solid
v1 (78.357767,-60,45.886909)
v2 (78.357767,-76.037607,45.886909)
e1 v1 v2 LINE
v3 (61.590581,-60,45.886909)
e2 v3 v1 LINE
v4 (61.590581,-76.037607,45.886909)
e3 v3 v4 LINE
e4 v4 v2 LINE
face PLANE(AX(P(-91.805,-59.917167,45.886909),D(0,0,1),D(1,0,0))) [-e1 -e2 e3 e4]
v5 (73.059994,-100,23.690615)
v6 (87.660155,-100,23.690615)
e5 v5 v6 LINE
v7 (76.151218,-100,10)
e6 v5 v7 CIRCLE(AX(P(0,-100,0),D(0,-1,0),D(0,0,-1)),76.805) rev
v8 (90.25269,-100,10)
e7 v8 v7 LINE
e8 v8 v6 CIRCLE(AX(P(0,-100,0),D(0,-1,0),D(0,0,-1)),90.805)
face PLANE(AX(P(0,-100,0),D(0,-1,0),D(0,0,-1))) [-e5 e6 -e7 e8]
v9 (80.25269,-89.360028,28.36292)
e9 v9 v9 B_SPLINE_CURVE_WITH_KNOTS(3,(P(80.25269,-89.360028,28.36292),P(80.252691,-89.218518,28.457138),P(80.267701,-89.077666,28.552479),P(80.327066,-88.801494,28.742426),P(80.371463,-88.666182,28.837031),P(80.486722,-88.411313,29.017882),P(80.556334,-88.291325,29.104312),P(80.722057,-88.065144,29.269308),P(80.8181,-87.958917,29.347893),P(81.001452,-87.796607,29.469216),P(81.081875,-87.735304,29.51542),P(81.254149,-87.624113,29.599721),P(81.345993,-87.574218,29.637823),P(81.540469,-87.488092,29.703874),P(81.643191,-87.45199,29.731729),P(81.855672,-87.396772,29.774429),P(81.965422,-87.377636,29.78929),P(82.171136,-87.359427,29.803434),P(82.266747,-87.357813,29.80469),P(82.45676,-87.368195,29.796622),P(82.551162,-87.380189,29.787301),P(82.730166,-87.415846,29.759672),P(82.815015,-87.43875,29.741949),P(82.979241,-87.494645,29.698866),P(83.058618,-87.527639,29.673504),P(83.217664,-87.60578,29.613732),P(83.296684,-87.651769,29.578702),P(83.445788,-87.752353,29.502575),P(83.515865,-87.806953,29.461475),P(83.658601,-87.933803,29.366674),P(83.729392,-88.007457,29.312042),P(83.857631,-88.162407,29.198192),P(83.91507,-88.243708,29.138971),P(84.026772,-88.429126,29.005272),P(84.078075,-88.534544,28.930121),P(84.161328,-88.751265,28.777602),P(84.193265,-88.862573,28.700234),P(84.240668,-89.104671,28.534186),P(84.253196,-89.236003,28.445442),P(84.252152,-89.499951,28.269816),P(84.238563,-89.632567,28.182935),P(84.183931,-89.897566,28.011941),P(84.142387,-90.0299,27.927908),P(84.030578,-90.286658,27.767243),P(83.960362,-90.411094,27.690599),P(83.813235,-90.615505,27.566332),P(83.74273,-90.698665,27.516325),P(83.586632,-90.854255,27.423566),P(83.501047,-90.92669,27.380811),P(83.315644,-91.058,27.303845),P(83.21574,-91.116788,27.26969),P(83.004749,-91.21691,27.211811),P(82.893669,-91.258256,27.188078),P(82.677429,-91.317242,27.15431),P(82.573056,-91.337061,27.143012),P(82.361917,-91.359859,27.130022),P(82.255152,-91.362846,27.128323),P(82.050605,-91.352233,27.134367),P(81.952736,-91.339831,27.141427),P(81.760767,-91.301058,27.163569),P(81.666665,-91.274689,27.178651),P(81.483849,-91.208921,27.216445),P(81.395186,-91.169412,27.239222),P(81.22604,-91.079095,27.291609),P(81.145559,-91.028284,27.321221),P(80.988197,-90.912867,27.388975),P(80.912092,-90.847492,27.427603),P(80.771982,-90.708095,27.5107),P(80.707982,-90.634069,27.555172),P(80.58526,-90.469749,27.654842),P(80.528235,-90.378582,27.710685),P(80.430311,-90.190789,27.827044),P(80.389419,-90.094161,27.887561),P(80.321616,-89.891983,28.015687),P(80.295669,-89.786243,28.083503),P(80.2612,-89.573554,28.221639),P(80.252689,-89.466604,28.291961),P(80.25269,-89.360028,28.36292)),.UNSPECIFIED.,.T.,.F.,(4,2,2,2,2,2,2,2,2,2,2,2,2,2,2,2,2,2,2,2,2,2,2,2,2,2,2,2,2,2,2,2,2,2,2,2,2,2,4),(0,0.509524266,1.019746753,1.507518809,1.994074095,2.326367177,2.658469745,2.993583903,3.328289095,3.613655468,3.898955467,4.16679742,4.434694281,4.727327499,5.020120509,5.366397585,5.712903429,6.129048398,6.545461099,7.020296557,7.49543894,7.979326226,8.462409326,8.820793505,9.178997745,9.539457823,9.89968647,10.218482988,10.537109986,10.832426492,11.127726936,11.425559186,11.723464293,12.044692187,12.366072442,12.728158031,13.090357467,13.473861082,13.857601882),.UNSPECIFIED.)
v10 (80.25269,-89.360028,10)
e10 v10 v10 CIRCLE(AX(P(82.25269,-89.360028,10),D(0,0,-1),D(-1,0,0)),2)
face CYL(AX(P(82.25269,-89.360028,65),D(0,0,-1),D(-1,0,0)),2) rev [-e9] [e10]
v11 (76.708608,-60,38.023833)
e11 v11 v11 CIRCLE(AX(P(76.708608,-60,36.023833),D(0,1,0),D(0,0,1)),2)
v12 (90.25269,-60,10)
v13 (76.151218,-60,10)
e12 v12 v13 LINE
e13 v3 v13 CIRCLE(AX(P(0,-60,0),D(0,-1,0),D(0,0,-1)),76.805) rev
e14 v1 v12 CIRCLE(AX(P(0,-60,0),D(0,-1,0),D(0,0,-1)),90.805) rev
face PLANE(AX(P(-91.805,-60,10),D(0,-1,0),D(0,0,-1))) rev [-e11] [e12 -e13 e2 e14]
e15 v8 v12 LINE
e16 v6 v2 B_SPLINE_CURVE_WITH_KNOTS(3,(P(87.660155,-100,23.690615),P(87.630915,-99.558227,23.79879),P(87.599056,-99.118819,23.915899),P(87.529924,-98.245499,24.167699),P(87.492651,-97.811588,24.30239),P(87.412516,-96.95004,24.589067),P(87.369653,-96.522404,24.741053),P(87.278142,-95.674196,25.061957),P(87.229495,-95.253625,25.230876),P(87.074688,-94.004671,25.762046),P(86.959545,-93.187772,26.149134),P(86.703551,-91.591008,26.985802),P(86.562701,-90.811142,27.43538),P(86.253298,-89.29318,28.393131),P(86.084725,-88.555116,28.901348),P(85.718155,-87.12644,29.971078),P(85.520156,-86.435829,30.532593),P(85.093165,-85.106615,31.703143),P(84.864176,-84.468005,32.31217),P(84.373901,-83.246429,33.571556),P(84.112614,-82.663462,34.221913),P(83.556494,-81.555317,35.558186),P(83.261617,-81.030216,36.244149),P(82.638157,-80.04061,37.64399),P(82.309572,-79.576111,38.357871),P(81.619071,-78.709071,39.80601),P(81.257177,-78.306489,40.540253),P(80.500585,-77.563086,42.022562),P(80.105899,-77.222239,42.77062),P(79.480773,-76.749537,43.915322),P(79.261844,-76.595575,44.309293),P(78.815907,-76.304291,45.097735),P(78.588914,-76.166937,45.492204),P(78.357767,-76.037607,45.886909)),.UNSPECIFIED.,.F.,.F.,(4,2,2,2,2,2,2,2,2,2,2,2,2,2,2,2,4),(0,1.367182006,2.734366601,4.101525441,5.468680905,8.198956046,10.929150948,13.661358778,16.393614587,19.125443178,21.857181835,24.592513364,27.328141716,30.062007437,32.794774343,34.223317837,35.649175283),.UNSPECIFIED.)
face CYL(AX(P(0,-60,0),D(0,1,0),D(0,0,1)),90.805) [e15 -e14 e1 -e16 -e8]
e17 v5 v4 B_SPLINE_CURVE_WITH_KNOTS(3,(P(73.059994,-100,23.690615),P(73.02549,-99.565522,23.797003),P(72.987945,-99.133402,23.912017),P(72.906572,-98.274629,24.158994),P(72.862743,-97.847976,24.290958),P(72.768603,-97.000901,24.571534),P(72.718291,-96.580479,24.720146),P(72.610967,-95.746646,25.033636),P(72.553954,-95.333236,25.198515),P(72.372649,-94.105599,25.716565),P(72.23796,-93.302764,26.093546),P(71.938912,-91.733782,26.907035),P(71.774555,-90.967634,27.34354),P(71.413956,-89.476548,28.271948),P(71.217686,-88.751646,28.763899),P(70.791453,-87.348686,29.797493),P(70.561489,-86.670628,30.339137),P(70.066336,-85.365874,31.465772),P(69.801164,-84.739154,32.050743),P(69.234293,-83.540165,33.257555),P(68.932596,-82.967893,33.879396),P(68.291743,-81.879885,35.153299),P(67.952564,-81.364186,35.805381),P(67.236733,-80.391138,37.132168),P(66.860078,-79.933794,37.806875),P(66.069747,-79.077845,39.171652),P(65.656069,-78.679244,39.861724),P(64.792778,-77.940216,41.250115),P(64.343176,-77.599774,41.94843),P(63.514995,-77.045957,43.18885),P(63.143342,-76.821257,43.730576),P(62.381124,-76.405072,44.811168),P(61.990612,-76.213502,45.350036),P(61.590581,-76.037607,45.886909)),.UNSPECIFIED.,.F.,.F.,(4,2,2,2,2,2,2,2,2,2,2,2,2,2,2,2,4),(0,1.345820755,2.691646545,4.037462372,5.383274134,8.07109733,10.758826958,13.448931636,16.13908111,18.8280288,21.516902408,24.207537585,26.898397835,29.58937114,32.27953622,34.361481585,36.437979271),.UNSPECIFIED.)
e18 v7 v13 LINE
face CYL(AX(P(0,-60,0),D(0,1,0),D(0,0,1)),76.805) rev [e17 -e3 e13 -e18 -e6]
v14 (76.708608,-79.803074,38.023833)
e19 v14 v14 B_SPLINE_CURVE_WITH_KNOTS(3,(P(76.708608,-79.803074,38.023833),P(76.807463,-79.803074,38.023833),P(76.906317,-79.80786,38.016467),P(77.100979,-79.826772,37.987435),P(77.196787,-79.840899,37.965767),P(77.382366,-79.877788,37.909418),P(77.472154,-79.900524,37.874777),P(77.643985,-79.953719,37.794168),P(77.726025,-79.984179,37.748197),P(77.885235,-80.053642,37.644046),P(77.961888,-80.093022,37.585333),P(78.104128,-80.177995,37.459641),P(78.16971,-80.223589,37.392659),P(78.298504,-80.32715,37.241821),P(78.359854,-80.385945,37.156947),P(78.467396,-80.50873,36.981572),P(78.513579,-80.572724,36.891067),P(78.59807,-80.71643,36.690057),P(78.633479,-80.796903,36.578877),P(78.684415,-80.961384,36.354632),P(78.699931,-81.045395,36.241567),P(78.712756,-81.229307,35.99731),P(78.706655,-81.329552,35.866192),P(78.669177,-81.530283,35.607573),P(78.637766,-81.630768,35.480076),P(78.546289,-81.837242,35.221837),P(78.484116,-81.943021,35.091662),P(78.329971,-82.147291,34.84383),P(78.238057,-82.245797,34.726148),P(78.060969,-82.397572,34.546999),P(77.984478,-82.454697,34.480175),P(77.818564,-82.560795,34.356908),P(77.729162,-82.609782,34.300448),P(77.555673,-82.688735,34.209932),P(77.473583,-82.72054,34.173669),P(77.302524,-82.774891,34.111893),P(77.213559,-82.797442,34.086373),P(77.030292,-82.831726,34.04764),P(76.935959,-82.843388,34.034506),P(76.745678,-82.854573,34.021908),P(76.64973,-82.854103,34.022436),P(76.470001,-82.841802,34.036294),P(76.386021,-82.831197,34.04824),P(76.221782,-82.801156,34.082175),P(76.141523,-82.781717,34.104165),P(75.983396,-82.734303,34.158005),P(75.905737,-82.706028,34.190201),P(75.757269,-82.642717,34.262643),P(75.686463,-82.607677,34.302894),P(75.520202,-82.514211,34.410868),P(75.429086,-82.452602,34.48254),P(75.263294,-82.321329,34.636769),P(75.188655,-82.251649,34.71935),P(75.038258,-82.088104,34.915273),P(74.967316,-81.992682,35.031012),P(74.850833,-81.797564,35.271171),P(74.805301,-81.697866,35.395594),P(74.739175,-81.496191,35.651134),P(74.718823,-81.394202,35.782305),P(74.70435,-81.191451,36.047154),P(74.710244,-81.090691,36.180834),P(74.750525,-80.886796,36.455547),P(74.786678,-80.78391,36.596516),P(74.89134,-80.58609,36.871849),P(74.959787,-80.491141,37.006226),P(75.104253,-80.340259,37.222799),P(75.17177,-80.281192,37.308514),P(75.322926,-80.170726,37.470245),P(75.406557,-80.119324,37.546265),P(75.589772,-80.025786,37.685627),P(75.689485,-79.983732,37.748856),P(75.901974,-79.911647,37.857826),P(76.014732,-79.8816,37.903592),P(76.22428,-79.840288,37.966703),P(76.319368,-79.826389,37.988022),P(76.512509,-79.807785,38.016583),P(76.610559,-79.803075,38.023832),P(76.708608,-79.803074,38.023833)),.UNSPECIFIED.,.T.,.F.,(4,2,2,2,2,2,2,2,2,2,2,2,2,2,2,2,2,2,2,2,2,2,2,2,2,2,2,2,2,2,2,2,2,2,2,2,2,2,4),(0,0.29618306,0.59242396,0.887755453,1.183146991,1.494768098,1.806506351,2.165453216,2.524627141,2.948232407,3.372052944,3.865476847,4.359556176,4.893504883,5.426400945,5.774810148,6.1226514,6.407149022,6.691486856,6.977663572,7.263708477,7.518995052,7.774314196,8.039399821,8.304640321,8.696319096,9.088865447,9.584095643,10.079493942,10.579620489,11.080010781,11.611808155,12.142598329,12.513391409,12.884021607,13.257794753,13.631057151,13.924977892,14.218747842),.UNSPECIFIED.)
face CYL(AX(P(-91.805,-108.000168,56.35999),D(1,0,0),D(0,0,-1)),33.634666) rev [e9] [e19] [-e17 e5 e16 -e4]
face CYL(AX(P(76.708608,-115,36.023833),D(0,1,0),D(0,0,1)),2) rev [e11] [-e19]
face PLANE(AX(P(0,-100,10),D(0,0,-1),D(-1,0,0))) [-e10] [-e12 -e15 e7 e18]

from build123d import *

# Parameters (mm, degrees)
BOSS_EXTRUDE1_DEPTH      = 60
SKETCH25_W               = 5.5
SKETCH25_H               = 17
BOSS_EXTRUDE3_DEPTH      = 20
FILLET1_R                = 2.3
SKETCH28_W               = 8
SKETCH28_H               = 10
CUT_EXTRUDE17_DEPTH      = 265
CUT_EXTRUDE19_DEPTH      = 165.638713704
CUT_EXTRUDE19_DEPTH_BACK = 165.638713704
SKETCH30_W               = 183.61
SKETCH30_H               = 30
CUT_EXTRUDE20_DEPTH      = 165.638713704
CUT_EXTRUDE20_DEPTH_BACK = 165.638713704
SKETCH32_W               = 3
SKETCH32_H               = 14
BOSS_EXTRUDE4_DEPTH      = 40
CUT_EXTRUDE21_DEPTH      = 164.320868385
CUT_EXTRUDE21_DEPTH_BACK = 164.320868385
CUT_EXTRUDE22_DEPTH      = 164.320868502
CUT_EXTRUDE22_DEPTH_BACK = 164.320868502
SKETCH40_W               = 31.800896411
SKETCH40_H               = 59.801829262
CUT_EXTRUDE23_DEPTH      = 55
SKETCH41_R               = 2
CUT_EXTRUDE24_DEPTH      = 55
SKETCH42_R               = 2
CUT_EXTRUDE25_DEPTH      = 55


with BuildPart() as part:
    # Sketch1 → Boss-Extrude1 (new body)
    with BuildSketch(Plane(origin=(0, 0, 0), x_dir=(1, 0, 0), z_dir=(0, 1, 0))):
        with BuildLine():
            Line((91.805, -10), (90.252689849, -10))
            ThreePointArc((90.252689849, -10), (0, -90.805), (-90.252689849, -10))
            Line((-90.252689849, -10), (-91.805, -10))
            Line((-91.805, -10), (-91.805, 20))
            Line((-91.805, 20), (-76.805, 20))
            Line((-76.805, 20), (-76.805, 0))
            ThreePointArc((-76.805, 0), (0, -76.805), (76.805, 0))
            Line((76.805, 0), (76.805, 20))
            Line((76.805, 20), (91.805, 20))
            Line((91.805, 20), (91.805, -10))
        make_face()
    extrude(amount=-BOSS_EXTRUDE1_DEPTH)

    # Sketch25 → Boss-Extrude3 (add)
    with BuildSketch(Plane(origin=(0, -60, 0), x_dir=(-1, 0, 0), z_dir=(0, -1, 0))):
        with Locations((84.305, 5)):
            Rectangle(SKETCH25_W, SKETCH25_H)
        with Locations((-84.305, 5)):
            Rectangle(SKETCH25_W, SKETCH25_H)
    extrude(amount=BOSS_EXTRUDE3_DEPTH)

    # Fillet1
    fillet1_edges = [part.edges().sort_by_distance(p)[0] for p in [
        (84.305, -60, 3.5),
        (81.555, -60, -5),
        (87.055, -60, -5),
        (84.305, -60, -13.5),
        (-84.305, -60, 3.5),
        (-87.055, -60, -5),
        (-81.555, -60, -5),
        (-84.305, -60, -13.5),
    ]]
    fillet(fillet1_edges, radius=FILLET1_R)

    # Sketch28 → Cut-Extrude17 (cut)
    with BuildSketch(Plane(origin=(91.805, 0, 0), x_dir=(0, 0, -1), z_dir=(1, 0, 0))):
        with Locations((5, -42)):
            Rectangle(SKETCH28_W, SKETCH28_H)
    extrude(amount=-CUT_EXTRUDE17_DEPTH, mode=Mode.SUBTRACT)

    # Sketch30 → Cut-Extrude19 (cut, two sides: drawn at the far end of the back side and taken through both)
    with BuildSketch(Plane(origin=(0, 0, -20), x_dir=(-1, 0, 0), z_dir=(0, 0, -1)).offset(-CUT_EXTRUDE19_DEPTH_BACK)):
        with Locations((0, -15)):
            Rectangle(SKETCH30_W, SKETCH30_H)
    extrude(amount=CUT_EXTRUDE19_DEPTH + CUT_EXTRUDE19_DEPTH_BACK, mode=Mode.SUBTRACT)

    # Sketch32 → Cut-Extrude20 (cut, two sides: drawn at the far end of the back side and taken through both)
    with BuildSketch(Plane(origin=(0, 0, -20), x_dir=(-1, 0, 0), z_dir=(0, 0, -1)).offset(-CUT_EXTRUDE20_DEPTH_BACK)):
        with Locations((-65.13523483, -44)):
            Rectangle(SKETCH32_W, SKETCH32_H)
        with Locations((-51.773928511, -44)):
            Rectangle(SKETCH32_W, SKETCH32_H)
        with Locations((-84.305, -46)):
            Rectangle(SKETCH32_W, SKETCH32_H)
        with Locations((65.13523483, -44)):
            Rectangle(SKETCH32_W, SKETCH32_H)
        with Locations((51.773928511, -44)):
            Rectangle(SKETCH32_W, SKETCH32_H)
        with Locations((84.305, -46)):
            Rectangle(SKETCH32_W, SKETCH32_H)
    extrude(amount=CUT_EXTRUDE20_DEPTH + CUT_EXTRUDE20_DEPTH_BACK, mode=Mode.SUBTRACT)

    # Sketch33 → Boss-Extrude4 (add)
    with BuildSketch(Plane(origin=(0, -60, 0), x_dir=(-1, 0, 0), z_dir=(0, -1, 0))):
        with BuildLine():
            ThreePointArc((-90.252689849, -10), (-84.815671791, -32.432234638), (-73.898492454, -52.768938193))
            Line((-73.898492454, -52.768938193), (-61.590580503, -45.886909008))
            ThreePointArc((-61.590580503, -45.886909008), (-71.169996018, -28.876282513), (-76.151218145, -10))
            Line((-76.151218145, -10), (-90.252689849, -10))
        make_face()
        with BuildLine():
            ThreePointArc((73.898492454, -52.768938193), (84.815671791, -32.432234638), (90.252689849, -10))
            Line((90.252689849, -10), (76.151218145, -10))
            ThreePointArc((76.151218145, -10), (71.169996018, -28.876282513), (61.590580503, -45.886909008))
            Line((61.590580503, -45.886909008), (73.898492454, -52.768938193))
        make_face()
    extrude(amount=BOSS_EXTRUDE4_DEPTH)

    # Sketch37 → Cut-Extrude21 (cut, two sides: drawn at the far end of the back side and taken through both)
    with BuildSketch(Plane(origin=(0, 0, 0), x_dir=(0, 0, -1), z_dir=(1, 0, 0)).offset(-CUT_EXTRUDE21_DEPTH_BACK)):
        with BuildLine():
            Line((-0.881303102, -100), (-23.690614963, -100))
            ThreePointArc((-23.690614963, -100), (-31.684760451, -85.14357588), (-45.886909008, -76.037606625))
            Line((-45.886909008, -76.037606625), (-45.886909008, -59.917167305))
            Line((-45.886909008, -59.917167305), (-66.948234535, -59.917167305))
            Line((-66.948234535, -59.917167305), (-63.746381293, -92.441906362))
            Line((-63.746381293, -92.441906362), (-47.571757556, -115.346464391))
            Line((-47.571757556, -115.346464391), (-8.086377987, -115.346464391))
            Line((-8.086377987, -115.346464391), (-0.881303102, -100))
        make_face()
    extrude(amount=CUT_EXTRUDE21_DEPTH + CUT_EXTRUDE21_DEPTH_BACK, mode=Mode.SUBTRACT)

    # Sketch38 → Cut-Extrude22 (cut, two sides: drawn at the far end of the back side and taken through both)
    with BuildSketch(Plane(origin=(0, 0, 0), x_dir=(0, 0, -1), z_dir=(1, 0, 0)).offset(-CUT_EXTRUDE22_DEPTH_BACK)):
        Polygon((20, -30), (-90.805, -30), (-90.805, -60), (-10, -60), (-10, -100), (20, -100), (20, -60), align=None)
    extrude(amount=CUT_EXTRUDE22_DEPTH + CUT_EXTRUDE22_DEPTH_BACK, mode=Mode.SUBTRACT)


with BuildPart() as cut_extrude22_piece_1:
    # of the separate pieces the step leaves, piece 1, a body of its own (cut_extrude22_pieces)
    add(part.part.solids().sort_by_distance((76.151218145, -60, 10))[0])

    # Sketch41 → Cut-Extrude24 (cut)
    with BuildSketch(Plane(origin=(0, 0, 10), x_dir=(-1, 0, 0), z_dir=(0, 0, -1))):
        with Locations((-82.252689849, -89.36002802)):
            Circle(SKETCH41_R)
    extrude(amount=-CUT_EXTRUDE24_DEPTH, mode=Mode.SUBTRACT)

    # Sketch42 → Cut-Extrude25 (cut)
    with BuildSketch(Plane(origin=(0, -60, 0), x_dir=(1, 0, 0), z_dir=(0, 1, 0))):
        with Locations(Location((76.708608453, -36.023832562, 0), (0, 0, 270))):
            Circle(SKETCH42_R)
    extrude(amount=-CUT_EXTRUDE25_DEPTH, mode=Mode.SUBTRACT)


with BuildPart() as cut_extrude22_piece_2:
    # of the separate pieces the step leaves, piece 2, a body of its own (cut_extrude22_pieces)
    add(part.part.solids().sort_by_distance((-76.151218145, -60, 10))[0])

    # Sketch40 → Cut-Extrude23 (cut)
    with BuildSketch(Plane(origin=(0, -100, 0), x_dir=(-1, 0, 0), z_dir=(0, -1, 0))):
        with Locations((74.352241644, -39.900914631)):
            Rectangle(SKETCH40_W, SKETCH40_H)
    extrude(amount=-CUT_EXTRUDE23_DEPTH, mode=Mode.SUBTRACT)


solid = cut_extrude22_piece_1.part
